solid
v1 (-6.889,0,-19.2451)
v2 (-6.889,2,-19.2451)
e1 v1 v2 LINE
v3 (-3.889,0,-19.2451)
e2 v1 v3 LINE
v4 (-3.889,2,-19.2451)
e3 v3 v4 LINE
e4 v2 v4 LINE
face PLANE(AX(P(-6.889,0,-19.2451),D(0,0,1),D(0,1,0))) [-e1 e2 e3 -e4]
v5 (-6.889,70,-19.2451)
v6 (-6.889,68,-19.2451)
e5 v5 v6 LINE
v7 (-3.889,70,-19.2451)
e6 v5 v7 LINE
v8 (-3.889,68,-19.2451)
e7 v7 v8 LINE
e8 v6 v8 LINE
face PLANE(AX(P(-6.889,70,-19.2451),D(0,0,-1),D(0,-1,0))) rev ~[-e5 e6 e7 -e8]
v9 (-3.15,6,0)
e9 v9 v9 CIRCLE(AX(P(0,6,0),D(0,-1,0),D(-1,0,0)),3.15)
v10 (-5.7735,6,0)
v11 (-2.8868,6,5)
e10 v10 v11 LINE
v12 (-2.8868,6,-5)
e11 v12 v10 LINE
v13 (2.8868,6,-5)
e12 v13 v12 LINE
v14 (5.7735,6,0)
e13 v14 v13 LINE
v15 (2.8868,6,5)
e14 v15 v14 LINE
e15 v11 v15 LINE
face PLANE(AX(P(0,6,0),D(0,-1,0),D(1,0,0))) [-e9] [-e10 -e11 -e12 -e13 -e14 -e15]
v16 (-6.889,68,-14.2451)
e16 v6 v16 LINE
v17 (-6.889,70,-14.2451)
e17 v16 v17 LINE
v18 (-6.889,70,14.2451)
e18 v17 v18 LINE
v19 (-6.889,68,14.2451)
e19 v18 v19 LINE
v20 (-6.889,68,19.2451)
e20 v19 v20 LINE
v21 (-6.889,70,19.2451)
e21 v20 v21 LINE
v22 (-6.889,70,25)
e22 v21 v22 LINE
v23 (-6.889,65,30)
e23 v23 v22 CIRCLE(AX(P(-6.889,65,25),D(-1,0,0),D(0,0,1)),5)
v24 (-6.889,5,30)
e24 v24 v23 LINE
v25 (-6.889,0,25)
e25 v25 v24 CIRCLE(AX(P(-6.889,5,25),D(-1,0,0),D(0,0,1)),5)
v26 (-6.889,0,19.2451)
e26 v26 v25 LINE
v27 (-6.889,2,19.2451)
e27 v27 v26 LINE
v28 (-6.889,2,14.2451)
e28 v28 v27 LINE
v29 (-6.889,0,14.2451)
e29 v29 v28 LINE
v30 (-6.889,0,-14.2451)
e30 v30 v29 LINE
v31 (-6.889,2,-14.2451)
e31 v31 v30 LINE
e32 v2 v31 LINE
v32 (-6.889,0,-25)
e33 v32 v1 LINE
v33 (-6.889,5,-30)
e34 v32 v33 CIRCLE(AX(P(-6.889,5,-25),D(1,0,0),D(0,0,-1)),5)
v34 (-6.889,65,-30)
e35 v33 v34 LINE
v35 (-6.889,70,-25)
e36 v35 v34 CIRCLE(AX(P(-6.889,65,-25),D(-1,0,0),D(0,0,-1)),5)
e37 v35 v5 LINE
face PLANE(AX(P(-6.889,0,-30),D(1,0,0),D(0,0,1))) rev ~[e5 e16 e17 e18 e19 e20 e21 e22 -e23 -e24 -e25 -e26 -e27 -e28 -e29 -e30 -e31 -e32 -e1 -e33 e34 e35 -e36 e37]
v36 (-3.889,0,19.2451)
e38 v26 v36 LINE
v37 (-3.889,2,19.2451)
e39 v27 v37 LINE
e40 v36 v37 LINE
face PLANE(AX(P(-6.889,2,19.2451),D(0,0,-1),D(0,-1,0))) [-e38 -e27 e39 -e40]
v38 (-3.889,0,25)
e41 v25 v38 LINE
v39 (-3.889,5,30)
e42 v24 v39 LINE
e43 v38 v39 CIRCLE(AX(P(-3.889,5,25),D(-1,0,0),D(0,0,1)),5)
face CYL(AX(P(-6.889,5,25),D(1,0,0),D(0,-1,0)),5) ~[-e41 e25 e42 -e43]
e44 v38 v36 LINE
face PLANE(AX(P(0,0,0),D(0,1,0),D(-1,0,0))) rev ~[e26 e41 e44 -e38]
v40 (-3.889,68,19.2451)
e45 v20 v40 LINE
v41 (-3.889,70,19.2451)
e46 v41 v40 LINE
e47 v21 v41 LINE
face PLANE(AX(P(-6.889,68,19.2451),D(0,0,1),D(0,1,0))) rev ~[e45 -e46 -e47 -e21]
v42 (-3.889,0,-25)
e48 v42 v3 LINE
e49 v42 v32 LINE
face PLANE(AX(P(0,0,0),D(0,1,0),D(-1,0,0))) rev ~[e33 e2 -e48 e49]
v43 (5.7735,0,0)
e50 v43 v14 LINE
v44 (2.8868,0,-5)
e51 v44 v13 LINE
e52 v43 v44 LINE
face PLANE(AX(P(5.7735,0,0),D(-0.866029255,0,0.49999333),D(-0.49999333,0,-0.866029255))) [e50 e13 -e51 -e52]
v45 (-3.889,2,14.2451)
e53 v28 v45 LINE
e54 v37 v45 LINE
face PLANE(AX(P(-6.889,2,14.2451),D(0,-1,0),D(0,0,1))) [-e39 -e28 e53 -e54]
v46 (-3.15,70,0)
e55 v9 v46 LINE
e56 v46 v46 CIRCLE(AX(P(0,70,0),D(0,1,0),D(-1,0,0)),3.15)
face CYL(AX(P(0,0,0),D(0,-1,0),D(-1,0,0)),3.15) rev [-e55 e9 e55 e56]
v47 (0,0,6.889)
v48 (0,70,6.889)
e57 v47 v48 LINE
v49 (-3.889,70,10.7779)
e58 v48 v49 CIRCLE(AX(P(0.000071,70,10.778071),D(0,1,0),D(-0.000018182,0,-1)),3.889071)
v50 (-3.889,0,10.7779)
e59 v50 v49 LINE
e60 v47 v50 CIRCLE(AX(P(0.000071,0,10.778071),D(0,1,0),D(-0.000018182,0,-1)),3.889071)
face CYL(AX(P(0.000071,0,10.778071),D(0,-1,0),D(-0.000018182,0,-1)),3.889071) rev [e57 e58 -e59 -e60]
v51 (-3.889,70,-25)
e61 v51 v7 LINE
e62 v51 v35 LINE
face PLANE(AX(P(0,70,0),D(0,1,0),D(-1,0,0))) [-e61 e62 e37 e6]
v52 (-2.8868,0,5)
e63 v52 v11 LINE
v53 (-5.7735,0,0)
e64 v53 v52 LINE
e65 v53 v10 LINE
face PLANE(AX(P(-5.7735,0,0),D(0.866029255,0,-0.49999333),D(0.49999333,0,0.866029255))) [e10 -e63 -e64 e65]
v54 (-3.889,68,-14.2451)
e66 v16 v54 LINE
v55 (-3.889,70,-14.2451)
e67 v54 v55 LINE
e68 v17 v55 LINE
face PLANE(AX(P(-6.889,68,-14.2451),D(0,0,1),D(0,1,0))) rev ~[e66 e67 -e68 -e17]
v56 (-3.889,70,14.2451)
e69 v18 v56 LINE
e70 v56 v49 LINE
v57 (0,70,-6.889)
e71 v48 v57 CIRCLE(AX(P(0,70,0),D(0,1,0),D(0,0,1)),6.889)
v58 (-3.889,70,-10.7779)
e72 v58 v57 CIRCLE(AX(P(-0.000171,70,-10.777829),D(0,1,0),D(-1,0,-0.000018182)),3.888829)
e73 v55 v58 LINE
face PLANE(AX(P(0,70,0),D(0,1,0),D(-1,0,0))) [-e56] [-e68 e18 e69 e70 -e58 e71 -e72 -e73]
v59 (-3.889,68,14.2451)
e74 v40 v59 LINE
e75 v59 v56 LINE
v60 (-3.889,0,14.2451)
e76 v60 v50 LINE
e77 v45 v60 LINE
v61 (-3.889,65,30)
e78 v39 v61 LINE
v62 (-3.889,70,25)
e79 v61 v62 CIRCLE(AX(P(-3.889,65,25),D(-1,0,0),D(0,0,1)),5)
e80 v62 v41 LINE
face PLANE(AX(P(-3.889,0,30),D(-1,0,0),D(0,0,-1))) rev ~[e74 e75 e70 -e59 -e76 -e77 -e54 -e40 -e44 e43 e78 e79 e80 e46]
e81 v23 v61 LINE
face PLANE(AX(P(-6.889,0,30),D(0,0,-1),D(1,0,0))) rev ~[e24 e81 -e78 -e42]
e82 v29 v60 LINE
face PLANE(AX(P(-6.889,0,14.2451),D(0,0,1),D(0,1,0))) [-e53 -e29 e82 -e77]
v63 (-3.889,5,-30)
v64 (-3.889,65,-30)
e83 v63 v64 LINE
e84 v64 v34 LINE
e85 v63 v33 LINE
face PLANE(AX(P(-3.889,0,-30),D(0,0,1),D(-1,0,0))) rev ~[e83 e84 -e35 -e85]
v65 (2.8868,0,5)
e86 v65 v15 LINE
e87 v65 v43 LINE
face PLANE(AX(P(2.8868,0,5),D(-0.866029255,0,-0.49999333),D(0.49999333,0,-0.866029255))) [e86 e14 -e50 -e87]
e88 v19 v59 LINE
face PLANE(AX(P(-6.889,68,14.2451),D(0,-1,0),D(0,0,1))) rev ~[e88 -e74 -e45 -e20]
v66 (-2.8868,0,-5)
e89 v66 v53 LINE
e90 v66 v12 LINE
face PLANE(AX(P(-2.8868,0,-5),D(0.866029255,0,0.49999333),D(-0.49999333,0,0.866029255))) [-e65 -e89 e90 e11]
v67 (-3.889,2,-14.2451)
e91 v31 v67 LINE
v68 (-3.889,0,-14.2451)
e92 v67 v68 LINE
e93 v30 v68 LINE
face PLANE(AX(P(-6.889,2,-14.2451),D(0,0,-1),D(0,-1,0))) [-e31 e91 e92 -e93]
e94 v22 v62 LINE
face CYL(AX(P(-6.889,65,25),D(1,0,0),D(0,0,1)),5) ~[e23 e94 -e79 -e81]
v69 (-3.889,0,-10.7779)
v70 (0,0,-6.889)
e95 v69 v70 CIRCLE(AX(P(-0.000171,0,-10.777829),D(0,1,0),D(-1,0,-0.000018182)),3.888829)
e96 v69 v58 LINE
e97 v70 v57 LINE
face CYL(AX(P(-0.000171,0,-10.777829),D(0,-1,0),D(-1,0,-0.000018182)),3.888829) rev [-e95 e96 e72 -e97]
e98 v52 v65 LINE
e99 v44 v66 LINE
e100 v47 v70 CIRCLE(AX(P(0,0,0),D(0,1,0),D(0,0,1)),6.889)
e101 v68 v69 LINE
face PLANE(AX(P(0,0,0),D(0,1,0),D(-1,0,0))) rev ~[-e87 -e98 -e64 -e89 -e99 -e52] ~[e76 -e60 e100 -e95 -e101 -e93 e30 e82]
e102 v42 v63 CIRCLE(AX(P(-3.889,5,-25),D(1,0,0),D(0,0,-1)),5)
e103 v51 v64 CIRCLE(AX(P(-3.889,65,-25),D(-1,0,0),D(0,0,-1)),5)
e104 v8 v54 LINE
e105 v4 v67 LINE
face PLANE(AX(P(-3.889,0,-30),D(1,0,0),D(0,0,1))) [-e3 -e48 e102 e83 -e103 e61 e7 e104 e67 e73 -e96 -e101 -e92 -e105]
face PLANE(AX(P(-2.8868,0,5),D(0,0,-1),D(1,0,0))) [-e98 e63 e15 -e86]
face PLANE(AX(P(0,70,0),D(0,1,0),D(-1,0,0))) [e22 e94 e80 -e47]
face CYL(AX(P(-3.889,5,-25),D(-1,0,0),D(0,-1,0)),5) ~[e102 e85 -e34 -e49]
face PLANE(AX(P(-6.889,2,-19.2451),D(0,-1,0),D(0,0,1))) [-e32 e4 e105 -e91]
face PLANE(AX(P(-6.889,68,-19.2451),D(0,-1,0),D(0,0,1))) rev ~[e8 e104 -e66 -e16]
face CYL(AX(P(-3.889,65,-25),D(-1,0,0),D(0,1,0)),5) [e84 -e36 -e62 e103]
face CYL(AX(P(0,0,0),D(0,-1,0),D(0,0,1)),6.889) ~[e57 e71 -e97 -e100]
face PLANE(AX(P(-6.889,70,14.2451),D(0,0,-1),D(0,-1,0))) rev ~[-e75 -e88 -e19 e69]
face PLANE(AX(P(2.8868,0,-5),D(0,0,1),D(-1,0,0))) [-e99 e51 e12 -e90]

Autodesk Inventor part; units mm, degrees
ref_plane "YZ Plane" through (0, 0, 0) normal (1, 0, 0) x (0, 1, 0)
ref_plane "XZ Plane" through (0, 0, 0) normal (0, 1, 0) x (-1, 0, 0)
ref_plane "XY Plane" through (0, 0, 0) normal (0, 0, 1) x (1, 0, 0)
sketch "Boceto1" plane through (0, 0, 0) normal (0, 1, 0) x (-1, 0, 0)
  circle A0 centre (0, 0) radius 3.15
  line L0 (6.889, 30) -> (3.889, 30)
  line L1 (3.889, -30) -> (6.889, -30)
  line L2 (6.889, -30) -> (6.889, 30)
  line L3 (0, 0) -> (3.15, 0) construction
  arc A1 (0, 6.889) -> (0, -6.889) centre (0, 0) ccw
  line L4 (3.889, 30) -> (3.889, 10.7779)
  line L5 (3.889, -30) -> (3.889, -10.7779)
  arc A2 (0, 6.889) -> (3.889, 10.7779) centre (0, 10.7779) ccw
  arc A3 (3.889, -10.7779) -> (0, -6.889) centre (0, -10.7779) ccw
  line L6 (2.9445, 5.1) -> (5.889, 0) construction
  line L7 (5.889, 0) -> (2.9445, -5.1) construction
  line L8 (2.9445, -5.1) -> (-2.9445, -5.1) construction
  line L9 (-2.9445, -5.1) -> (-5.889, 0) construction
  line L10 (-5.889, 0) -> (-2.9445, 5.1) construction
  line L11 (-2.9445, 5.1) -> (2.9445, 5.1) construction
  line L12 (5.889, 0) -> (6.889, 0) construction
  line L13 (-5.889, 0) -> (-6.889, 0) construction
  line L14 (0, -10.7779) -> (0, 0) construction
  dimension "d0" = 6.3
  dimension "d3" = 10.2
  dimension "d4" = 1
  dimension "d5" = 3
  dimension "d12" = 60
extrude "Extrusión1" add sketch "Boceto1" along normal blind 70
sketch "Boceto2" plane through (0, 0, 0) normal (0, -1, 0) x (1, 0, 0)
  line L0 (-5.7735, 0) -> (-2.8868, 5)
  line L1 (-2.8868, 5) -> (2.8868, 5)
  line L2 (2.8868, 5) -> (5.7735, 0)
  line L3 (5.7735, 0) -> (2.8868, -5)
  line L4 (2.8868, -5) -> (-2.8868, -5)
  line L5 (-2.8868, -5) -> (-5.7735, 0)
  point P0 (0, 0)
  point P1 (0, 0)
  dimension "d8" = 10
extrude "Extrusión2" cut sketch "Boceto2" against normal blind 6
sketch "Boceto4" plane through (-6.889, 0, -30) normal (-1, 0, 0) x (0, 0, 1)
  line L0 (10.7549, 2) -> (15.7549, 2)
  line L1 (15.7549, 2) -> (15.7549, 0)
  line L2 (15.7549, 0) -> (10.7549, 0)
  line L3 (10.7549, 0) -> (10.7549, 2)
  line L4 (44.2451, 2) -> (49.2451, 2)
  line L5 (49.2451, 2) -> (49.2451, 0)
  line L6 (49.2451, 0) -> (44.2451, 0)
  line L7 (44.2451, 0) -> (44.2451, 2)
  line L8 (0, 0) -> (60, 0) projected
  line L9 (30, 0) -> (30, 6) projected
  line L10 (30, 0) -> (30, 70) construction
  line L11 (0, 70) -> (60, 70) projected
  line L12 (30, 35) -> (1.5097, 35) construction
  line L13 (10.7549, 68) -> (15.7549, 68)
  line L14 (15.7549, 68) -> (15.7549, 70)
  line L15 (15.7549, 70) -> (10.7549, 70)
  line L16 (10.7549, 70) -> (10.7549, 68)
  line L17 (44.2451, 68) -> (49.2451, 68)
  line L18 (49.2451, 68) -> (49.2451, 70)
  line L19 (49.2451, 70) -> (44.2451, 70)
  line L20 (44.2451, 70) -> (44.2451, 68)
  point P0 (47.493, 22.347)
  dimension "d19" = 5
  dimension "d20" = 2
extrude "Extrusión3" cut sketch "Boceto4" against normal up to next
fillet "Empalme1" radius 5 4 edges at (-5.389, 70, -30) (-5.389, 70, 30) (-5.389, 0, 30) (-5.389, 0, -30)
properties part number "Soporte ESC"
